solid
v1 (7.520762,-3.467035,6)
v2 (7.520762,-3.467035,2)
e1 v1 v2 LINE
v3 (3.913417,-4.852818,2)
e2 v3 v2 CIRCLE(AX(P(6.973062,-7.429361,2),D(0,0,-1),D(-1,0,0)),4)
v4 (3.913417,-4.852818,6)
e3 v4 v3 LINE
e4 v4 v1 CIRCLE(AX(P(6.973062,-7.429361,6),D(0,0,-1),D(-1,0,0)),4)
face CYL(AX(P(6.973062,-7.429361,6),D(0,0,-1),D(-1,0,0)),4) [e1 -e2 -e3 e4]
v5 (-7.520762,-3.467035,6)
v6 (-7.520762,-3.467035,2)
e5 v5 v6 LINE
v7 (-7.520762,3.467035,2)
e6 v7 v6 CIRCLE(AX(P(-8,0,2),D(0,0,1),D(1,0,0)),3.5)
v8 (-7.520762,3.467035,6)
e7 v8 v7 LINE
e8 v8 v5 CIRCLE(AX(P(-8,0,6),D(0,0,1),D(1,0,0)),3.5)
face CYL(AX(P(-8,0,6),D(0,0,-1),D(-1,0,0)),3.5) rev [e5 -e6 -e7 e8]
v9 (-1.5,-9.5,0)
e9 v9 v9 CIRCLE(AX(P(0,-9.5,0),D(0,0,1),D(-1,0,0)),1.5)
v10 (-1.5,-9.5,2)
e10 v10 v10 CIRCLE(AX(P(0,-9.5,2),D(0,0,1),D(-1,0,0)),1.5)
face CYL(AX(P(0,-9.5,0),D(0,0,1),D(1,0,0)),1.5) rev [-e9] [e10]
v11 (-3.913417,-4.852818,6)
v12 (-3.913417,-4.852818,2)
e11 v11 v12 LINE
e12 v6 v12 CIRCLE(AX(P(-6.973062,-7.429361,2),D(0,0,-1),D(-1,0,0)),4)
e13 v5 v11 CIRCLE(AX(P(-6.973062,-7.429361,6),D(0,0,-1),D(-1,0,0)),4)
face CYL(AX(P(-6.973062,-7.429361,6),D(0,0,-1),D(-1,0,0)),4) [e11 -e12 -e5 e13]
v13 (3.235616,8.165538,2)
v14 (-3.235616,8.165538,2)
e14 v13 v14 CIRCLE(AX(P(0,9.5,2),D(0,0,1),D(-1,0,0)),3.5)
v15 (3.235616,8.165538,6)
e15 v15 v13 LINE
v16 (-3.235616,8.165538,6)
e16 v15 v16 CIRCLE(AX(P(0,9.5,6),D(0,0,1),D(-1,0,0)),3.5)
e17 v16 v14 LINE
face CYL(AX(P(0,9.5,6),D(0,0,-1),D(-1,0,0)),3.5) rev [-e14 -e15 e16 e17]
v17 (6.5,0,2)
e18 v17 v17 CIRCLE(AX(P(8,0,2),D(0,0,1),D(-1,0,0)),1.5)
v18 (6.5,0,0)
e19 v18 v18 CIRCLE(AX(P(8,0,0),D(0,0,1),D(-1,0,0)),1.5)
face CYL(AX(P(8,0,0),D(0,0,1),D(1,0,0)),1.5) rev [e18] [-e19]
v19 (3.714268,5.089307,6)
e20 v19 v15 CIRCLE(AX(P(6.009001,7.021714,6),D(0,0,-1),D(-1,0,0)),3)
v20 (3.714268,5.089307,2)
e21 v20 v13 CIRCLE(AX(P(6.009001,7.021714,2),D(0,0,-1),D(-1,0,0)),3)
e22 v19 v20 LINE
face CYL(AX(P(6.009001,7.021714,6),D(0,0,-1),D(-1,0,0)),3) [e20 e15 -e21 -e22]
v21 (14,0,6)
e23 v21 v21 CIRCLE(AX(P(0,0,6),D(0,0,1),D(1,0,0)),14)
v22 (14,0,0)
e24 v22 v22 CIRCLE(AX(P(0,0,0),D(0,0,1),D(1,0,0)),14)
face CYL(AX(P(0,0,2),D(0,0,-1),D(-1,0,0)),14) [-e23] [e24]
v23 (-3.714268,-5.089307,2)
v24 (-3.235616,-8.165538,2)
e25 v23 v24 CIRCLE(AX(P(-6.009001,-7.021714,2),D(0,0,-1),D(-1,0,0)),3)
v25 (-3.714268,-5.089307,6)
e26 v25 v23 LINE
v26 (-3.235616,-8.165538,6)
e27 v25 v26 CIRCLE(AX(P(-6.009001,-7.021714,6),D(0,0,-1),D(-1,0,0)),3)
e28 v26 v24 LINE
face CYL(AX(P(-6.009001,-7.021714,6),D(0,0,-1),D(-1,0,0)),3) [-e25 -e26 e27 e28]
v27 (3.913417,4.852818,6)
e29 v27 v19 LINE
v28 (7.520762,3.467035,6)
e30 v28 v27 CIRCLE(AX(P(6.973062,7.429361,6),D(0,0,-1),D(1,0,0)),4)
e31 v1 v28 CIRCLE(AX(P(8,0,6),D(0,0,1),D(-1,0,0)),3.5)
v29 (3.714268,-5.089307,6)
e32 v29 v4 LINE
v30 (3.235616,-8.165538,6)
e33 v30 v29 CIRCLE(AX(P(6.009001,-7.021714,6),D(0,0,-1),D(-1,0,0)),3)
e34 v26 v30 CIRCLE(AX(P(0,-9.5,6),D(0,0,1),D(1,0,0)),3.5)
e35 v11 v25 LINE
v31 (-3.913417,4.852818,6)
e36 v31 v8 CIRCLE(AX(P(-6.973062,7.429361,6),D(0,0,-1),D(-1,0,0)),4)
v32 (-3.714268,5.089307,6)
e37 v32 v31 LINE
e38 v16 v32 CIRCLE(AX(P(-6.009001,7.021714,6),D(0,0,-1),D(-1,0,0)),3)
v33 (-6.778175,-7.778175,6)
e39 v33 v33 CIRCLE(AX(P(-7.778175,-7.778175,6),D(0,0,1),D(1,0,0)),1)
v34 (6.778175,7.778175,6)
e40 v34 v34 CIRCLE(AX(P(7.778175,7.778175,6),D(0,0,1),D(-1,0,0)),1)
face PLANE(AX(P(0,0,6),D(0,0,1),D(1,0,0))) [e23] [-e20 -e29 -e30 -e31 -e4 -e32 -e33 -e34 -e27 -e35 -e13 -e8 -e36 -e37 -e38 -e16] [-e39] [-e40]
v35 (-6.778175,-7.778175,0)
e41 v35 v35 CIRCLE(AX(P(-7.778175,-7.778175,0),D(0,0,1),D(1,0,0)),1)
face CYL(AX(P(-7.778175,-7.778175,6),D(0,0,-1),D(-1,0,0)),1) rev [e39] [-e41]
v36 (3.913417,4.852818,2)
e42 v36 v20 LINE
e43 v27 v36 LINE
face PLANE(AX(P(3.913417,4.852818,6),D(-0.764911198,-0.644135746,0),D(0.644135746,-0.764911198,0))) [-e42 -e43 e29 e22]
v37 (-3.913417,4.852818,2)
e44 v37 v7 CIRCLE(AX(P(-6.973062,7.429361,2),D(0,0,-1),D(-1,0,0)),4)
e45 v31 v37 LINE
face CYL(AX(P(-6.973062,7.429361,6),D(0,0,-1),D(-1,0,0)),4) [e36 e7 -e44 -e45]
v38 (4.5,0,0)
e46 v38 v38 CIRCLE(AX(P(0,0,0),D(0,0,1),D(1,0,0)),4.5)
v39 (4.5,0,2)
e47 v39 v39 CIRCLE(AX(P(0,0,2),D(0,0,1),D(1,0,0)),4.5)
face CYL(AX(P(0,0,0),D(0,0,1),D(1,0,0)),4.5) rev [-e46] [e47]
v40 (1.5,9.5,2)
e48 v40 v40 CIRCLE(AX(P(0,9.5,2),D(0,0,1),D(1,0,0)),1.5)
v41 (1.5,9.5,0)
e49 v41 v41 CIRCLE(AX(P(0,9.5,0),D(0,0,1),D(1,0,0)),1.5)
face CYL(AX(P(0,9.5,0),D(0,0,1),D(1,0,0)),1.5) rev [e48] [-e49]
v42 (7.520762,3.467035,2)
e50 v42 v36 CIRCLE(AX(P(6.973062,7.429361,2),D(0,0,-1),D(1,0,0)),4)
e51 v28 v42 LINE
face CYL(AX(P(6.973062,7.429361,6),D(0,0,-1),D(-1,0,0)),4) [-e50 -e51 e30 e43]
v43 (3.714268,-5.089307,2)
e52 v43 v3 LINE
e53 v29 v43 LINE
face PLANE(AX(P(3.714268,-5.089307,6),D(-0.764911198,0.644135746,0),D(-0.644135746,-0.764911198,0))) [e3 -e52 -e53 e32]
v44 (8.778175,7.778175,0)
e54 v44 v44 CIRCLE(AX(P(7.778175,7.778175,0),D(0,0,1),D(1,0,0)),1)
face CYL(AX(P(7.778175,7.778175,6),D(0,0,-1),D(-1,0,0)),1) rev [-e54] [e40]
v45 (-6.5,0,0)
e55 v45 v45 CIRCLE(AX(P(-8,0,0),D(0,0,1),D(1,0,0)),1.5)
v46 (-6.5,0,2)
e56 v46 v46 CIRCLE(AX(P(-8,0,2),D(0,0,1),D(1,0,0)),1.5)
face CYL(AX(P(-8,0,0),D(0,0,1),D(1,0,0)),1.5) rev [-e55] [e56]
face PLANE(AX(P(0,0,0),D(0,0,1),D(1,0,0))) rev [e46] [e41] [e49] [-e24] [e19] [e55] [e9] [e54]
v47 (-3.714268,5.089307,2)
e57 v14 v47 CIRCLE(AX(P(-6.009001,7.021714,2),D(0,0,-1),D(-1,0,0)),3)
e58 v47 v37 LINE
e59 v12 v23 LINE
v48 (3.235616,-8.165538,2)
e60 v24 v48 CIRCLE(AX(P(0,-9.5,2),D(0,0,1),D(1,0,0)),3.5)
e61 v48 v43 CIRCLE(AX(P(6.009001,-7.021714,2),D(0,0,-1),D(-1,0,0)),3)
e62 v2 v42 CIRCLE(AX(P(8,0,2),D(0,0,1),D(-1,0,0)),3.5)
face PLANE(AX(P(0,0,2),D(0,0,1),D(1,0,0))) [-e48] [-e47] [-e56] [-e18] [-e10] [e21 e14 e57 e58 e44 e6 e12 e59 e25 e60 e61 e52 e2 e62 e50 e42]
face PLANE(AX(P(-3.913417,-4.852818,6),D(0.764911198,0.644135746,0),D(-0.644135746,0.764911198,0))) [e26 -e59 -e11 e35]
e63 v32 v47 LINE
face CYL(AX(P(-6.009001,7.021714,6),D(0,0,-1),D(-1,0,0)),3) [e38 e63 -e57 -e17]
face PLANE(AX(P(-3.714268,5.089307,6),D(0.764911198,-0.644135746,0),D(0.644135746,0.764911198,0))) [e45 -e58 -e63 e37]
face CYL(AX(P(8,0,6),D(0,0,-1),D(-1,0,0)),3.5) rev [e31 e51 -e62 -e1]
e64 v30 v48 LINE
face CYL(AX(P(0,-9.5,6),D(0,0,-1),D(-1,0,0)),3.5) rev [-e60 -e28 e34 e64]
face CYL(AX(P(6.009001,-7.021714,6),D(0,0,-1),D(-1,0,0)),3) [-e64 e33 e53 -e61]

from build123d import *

# Parameters (mm, degrees)
SKETCH_1_R          = 14
EXTRUDE_1_DEPTH     = 2
SKETCH_2_R          = 1.5
SKETCH_2_R_2        = 4.5
CUT_EXTRUDE_1_DEPTH = 3
SKETCH_3_R          = 14
SKETCH_3_R_2        = 1
EXTRUDE_3_DEPTH     = 4
SKETCH_4_R          = 1
CUT_EXTRUDE_2_DEPTH = 7


with BuildPart() as part:
    # 草图1 → 凸台-拉伸1 (new body)
    with BuildSketch(Plane.XY):
        Circle(SKETCH_1_R)
    extrude(amount=EXTRUDE_1_DEPTH)

    # 草图2 → 切除-拉伸1 (cut, through all)
    with BuildSketch(Plane.XY.offset(2)):
        with Locations((-8, 0)):
            Circle(SKETCH_2_R)
        with Locations((0, 9.5)):
            Circle(SKETCH_2_R)
        with Locations((8, 0)):
            Circle(SKETCH_2_R)
        with Locations((0, -9.5)):
            Circle(SKETCH_2_R)
        Circle(SKETCH_2_R_2)
    extrude(amount=-CUT_EXTRUDE_1_DEPTH, mode=Mode.SUBTRACT)

    # 草图3 → 凸台-拉伸3 (add)
    with BuildSketch(Plane.XY.offset(2)):
        Circle(SKETCH_3_R)
        with Locations((-7.778174593, -7.778174593)):
            Circle(SKETCH_3_R_2, mode=Mode.SUBTRACT)
        with Locations((7.778174593, 7.778174593)):
            Circle(SKETCH_3_R_2, mode=Mode.SUBTRACT)
        with BuildLine():
            Line((-3.913416822, -4.852817524), (-3.714267904, -5.089306864))
            ThreePointArc((-3.714267904, -5.089306864), (-3.044670654, -6.56047377), (-3.235616191, -8.165538362))
            ThreePointArc((-3.235616191, -8.165538362), (0, -13), (3.235616191, -8.165538362))
            ThreePointArc((3.235616191, -8.165538362), (3.044670654, -6.56047377), (3.714267904, -5.089306864))
            Line((3.714267904, -5.089306864), (3.913416822, -4.852817524))
            ThreePointArc((3.913416822, -4.852817524), (5.538640325, -3.695403416), (7.520762087, -3.467034904))
            ThreePointArc((7.520762087, -3.467034904), (11.5, 0), (7.520762087, 3.467034904))
            ThreePointArc((7.520762087, 3.467034904), (5.538640325, 3.695403416), (3.913416822, 4.852817524))
            Line((3.913416822, 4.852817524), (3.714267904, 5.089306864))
            ThreePointArc((3.714267904, 5.089306864), (3.044670654, 6.56047377), (3.235616191, 8.165538362))
            ThreePointArc((3.235616191, 8.165538362), (0, 13), (-3.235616191, 8.165538362))
            ThreePointArc((-3.235616191, 8.165538362), (-3.044670654, 6.56047377), (-3.714267904, 5.089306864))
            Line((-3.714267904, 5.089306864), (-3.913416822, 4.852817524))
            ThreePointArc((-3.913416822, 4.852817524), (-5.538640325, 3.695403416), (-7.520762087, 3.467034904))
            ThreePointArc((-7.520762087, 3.467034904), (-11.5, 0), (-7.520762087, -3.467034904))
            ThreePointArc((-7.520762087, -3.467034904), (-5.538640325, -3.695403416), (-3.913416822, -4.852817524))
        make_face(mode=Mode.SUBTRACT)
    extrude(amount=EXTRUDE_3_DEPTH)

    # 草图4 → 切除-拉伸2 (cut, through all)
    with BuildSketch(Plane.XY.offset(6)):
        with Locations((7.778174593, 7.778174593)):
            Circle(SKETCH_4_R)
        with Locations((-7.778174593, -7.778174593)):
            Circle(SKETCH_4_R)
    extrude(amount=-CUT_EXTRUDE_2_DEPTH, mode=Mode.SUBTRACT)


solid = part.part
